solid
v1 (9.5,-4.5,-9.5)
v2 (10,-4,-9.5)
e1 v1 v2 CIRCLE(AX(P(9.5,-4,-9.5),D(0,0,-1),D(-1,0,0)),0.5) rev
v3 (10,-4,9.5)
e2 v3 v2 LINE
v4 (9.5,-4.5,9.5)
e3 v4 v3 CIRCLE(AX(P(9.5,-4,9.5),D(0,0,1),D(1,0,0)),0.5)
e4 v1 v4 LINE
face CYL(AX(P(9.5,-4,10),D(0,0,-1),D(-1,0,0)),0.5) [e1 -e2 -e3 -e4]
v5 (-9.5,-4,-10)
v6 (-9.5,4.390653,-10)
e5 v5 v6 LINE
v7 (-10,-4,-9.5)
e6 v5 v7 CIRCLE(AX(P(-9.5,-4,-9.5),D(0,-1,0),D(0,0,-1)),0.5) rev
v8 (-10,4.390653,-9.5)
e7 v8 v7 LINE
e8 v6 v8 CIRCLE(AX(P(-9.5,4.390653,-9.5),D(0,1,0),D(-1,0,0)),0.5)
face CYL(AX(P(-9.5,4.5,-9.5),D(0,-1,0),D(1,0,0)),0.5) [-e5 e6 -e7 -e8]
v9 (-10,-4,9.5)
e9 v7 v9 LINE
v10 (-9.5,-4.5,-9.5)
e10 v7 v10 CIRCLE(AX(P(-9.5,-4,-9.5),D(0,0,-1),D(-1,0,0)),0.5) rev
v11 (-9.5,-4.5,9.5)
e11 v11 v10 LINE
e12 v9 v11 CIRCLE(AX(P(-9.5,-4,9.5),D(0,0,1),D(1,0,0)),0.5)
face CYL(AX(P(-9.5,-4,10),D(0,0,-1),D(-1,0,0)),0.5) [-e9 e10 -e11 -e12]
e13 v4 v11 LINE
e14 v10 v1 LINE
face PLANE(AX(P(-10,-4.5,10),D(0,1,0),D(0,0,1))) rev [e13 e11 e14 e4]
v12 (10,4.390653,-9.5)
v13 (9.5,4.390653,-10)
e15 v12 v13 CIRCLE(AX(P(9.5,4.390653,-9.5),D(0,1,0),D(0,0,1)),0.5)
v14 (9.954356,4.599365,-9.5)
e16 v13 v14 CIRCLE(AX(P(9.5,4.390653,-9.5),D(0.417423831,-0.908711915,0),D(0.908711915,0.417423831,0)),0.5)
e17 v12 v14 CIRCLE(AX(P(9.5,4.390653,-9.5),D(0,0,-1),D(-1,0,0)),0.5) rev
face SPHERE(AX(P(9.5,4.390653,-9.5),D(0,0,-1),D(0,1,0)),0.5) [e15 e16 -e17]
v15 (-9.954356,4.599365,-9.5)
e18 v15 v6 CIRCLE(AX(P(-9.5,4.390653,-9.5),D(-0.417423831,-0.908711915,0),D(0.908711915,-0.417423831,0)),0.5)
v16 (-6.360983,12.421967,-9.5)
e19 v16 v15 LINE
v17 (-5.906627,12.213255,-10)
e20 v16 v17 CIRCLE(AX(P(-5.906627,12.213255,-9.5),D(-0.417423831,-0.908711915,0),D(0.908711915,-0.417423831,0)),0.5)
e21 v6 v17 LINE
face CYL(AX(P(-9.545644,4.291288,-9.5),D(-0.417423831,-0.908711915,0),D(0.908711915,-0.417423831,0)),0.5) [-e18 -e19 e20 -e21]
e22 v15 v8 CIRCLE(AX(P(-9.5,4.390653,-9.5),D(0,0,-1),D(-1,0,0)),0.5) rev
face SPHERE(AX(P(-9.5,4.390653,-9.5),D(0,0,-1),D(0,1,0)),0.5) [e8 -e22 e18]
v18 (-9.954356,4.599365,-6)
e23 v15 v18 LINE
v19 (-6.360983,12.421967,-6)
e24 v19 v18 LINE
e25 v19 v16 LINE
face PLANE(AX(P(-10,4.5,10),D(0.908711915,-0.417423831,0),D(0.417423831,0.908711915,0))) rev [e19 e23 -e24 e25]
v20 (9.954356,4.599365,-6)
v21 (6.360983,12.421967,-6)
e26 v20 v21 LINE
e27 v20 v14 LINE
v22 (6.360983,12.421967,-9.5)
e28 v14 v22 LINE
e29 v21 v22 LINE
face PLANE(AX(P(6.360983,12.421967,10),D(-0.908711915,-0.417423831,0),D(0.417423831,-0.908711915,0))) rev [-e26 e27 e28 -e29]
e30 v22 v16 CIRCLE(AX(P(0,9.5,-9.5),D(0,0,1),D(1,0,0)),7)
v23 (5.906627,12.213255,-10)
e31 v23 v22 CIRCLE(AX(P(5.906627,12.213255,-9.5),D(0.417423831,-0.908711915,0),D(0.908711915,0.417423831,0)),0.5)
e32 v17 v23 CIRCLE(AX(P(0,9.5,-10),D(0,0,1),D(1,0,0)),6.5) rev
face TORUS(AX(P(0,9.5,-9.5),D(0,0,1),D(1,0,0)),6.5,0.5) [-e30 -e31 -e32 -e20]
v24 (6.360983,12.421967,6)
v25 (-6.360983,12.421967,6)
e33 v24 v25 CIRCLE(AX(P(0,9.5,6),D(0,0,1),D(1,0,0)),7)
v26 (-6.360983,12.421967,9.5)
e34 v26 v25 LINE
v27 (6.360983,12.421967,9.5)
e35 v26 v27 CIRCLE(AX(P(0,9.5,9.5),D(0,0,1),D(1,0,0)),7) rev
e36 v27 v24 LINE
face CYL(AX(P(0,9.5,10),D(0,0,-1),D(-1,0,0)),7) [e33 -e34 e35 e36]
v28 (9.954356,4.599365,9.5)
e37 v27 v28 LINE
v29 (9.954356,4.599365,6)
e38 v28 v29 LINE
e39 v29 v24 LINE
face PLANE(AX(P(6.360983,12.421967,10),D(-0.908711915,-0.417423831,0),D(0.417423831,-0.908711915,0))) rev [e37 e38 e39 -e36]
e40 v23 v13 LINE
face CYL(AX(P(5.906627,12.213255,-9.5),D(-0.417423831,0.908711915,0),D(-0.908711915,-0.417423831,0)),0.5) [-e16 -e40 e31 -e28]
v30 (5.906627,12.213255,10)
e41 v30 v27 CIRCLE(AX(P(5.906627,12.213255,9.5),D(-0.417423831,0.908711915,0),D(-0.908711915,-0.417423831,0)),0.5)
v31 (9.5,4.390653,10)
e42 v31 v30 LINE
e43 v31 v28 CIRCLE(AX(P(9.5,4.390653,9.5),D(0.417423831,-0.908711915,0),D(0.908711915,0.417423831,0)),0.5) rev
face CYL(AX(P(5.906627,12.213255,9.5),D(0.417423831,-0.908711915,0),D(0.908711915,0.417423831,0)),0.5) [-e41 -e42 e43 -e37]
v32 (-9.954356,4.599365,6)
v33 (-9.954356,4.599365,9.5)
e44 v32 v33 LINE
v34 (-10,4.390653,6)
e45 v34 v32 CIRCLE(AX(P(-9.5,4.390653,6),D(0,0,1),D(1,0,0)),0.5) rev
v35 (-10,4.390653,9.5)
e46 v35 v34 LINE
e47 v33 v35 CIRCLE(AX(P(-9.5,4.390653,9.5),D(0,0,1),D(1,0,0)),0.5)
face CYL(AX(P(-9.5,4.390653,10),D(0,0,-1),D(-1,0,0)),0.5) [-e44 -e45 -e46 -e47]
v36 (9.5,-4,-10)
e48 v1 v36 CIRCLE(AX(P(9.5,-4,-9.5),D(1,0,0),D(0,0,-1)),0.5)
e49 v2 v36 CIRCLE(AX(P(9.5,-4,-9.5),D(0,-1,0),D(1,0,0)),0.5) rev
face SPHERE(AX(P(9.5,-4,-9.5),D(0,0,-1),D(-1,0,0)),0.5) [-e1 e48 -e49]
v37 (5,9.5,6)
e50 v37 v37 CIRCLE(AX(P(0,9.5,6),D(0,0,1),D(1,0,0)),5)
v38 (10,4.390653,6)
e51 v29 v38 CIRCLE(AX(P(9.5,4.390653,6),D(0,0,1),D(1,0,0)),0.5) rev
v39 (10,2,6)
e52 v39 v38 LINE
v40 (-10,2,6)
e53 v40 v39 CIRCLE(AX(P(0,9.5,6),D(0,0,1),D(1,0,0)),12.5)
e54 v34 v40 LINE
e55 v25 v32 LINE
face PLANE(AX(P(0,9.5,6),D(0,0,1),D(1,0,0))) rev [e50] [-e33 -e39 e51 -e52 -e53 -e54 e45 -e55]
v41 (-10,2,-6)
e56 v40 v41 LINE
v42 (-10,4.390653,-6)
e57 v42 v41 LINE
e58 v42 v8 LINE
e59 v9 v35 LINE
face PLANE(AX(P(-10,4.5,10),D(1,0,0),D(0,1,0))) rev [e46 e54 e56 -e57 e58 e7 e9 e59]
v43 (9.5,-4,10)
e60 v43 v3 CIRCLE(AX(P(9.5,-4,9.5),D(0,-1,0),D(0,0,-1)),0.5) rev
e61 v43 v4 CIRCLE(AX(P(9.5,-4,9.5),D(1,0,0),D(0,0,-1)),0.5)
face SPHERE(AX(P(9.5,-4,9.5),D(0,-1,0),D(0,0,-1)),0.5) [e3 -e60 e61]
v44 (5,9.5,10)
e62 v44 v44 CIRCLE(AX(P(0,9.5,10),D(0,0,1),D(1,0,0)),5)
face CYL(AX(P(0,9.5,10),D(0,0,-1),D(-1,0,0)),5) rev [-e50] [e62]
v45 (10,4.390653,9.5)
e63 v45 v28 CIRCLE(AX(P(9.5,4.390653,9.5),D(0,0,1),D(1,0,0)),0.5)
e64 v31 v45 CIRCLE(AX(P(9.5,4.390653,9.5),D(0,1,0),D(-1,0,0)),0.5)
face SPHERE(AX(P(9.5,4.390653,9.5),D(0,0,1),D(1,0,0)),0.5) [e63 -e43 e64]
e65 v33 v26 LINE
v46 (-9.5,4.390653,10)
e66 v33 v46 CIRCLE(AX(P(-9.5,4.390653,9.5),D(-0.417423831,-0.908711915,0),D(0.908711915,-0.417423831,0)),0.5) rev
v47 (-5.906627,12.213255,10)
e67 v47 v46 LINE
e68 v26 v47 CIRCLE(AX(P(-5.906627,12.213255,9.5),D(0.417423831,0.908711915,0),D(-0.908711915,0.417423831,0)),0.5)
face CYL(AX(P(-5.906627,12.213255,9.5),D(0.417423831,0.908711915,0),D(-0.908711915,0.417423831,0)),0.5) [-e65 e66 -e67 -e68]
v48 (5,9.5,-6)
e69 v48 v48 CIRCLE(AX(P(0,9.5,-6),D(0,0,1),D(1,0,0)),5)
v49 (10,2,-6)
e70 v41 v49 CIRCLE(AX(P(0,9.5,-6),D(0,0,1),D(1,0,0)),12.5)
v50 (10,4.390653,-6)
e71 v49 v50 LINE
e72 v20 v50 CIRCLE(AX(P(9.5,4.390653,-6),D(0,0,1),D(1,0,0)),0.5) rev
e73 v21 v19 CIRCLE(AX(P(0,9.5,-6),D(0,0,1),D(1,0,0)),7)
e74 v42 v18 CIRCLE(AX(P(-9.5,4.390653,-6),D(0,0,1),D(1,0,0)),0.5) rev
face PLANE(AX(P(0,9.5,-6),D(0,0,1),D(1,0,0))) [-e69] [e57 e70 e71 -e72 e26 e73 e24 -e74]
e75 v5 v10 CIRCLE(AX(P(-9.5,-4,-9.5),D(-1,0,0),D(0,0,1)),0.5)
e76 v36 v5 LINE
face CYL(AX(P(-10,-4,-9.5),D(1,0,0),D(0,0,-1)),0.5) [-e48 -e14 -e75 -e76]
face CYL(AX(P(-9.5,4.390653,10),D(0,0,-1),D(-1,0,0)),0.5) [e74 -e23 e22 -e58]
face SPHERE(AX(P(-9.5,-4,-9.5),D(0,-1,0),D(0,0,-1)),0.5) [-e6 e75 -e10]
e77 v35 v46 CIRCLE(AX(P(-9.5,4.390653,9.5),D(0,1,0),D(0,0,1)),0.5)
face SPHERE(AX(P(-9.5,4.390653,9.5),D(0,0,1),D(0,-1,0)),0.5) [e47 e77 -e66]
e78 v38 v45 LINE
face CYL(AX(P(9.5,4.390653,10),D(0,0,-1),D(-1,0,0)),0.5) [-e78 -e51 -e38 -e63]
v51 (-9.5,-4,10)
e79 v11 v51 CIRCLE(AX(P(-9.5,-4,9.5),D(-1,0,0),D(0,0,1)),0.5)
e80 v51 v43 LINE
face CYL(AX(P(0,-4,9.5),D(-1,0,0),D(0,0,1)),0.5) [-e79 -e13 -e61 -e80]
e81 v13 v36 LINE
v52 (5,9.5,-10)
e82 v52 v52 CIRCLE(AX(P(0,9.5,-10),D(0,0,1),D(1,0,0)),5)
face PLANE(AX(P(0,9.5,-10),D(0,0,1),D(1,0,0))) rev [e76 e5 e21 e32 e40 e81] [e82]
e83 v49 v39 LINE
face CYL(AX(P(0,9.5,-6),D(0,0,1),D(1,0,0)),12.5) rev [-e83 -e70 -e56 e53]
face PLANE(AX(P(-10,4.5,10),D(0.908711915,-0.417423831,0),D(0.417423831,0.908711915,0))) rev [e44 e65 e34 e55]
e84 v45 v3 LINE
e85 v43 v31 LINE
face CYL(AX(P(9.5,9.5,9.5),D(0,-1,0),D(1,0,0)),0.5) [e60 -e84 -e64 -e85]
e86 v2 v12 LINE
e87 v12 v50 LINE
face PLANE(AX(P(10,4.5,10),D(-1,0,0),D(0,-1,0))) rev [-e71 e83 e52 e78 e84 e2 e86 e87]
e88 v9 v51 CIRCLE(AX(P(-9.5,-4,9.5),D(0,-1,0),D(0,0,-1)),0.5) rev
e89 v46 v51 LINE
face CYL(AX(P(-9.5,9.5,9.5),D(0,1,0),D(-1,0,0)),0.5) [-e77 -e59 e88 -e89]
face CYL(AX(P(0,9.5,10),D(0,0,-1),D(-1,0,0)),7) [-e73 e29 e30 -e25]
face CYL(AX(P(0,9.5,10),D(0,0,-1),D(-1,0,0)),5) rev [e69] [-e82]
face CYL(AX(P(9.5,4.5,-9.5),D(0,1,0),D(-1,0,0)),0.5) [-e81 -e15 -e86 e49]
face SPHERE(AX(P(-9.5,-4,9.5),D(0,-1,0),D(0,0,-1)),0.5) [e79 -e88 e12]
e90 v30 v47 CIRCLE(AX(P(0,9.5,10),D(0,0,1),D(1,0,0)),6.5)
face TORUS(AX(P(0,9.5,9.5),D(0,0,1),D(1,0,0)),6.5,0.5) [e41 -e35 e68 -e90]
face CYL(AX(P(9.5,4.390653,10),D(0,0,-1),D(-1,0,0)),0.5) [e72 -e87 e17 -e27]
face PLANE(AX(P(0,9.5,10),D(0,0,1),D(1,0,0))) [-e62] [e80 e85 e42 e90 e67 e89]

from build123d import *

# Parameters (mm, degrees)
SKETCH_1_R          = 5
EXTRUDE_1_DEPTH     = 10
FILLET_1_R          = 0.5
SKETCH_3_R          = 12.5
CUT_EXTRUDE_1_DEPTH = 6


with BuildPart() as part:
    # 草图1 → 凸台-拉伸1 (new, symmetric)
    with BuildSketch(Plane.XY):
        with BuildLine():
            Line((6.360983408, 12.421966817), (10, 4.5))
            Line((10, 4.5), (10, -4.5))
            Line((10, -4.5), (-10, -4.5))
            Line((-10, -4.5), (-10, 4.5))
            Line((-10, 4.5), (-6.360983408, 12.421966817))
            ThreePointArc((-6.360983408, 12.421966817), (0, 16.5), (6.360983408, 12.421966817))
        make_face()
        with Locations((0, 9.5)):
            Circle(SKETCH_1_R, mode=Mode.SUBTRACT)
    extrude(amount=EXTRUDE_1_DEPTH, both=True)

    # 圆角1
    fillet_1_edges = [part.edges().sort_by_distance(p)[0] for p in [
        (10, -4.5, 0),
        (-10, -4.5, 0),
        (-10, 4.5, 0),
        (10, 4.5, 0),
        (0, 16.5, 10),
        (-8.180491704, 8.460983408, 10),
        (-10, 0, 10),
        (0, -4.5, 10),
        (10, 0, 10),
        (0, -4.5, -10),
        (-10, 0, -10),
        (-8.180491704, 8.460983408, -10),
        (0, 16.5, -10),
        (8.180491704, 8.460983408, -10),
        (10, 0, -10),
        (8.180491704, 8.460983408, 10),
    ]]
    fillet(fillet_1_edges, radius=FILLET_1_R)

    # 草图3 → 切除-拉伸1 (cut, symmetric)
    with BuildSketch(Plane.XY):
        with Locations((0, 9.5)):
            Circle(SKETCH_3_R)
    extrude(amount=CUT_EXTRUDE_1_DEPTH, both=True, mode=Mode.SUBTRACT)


solid = part.part
